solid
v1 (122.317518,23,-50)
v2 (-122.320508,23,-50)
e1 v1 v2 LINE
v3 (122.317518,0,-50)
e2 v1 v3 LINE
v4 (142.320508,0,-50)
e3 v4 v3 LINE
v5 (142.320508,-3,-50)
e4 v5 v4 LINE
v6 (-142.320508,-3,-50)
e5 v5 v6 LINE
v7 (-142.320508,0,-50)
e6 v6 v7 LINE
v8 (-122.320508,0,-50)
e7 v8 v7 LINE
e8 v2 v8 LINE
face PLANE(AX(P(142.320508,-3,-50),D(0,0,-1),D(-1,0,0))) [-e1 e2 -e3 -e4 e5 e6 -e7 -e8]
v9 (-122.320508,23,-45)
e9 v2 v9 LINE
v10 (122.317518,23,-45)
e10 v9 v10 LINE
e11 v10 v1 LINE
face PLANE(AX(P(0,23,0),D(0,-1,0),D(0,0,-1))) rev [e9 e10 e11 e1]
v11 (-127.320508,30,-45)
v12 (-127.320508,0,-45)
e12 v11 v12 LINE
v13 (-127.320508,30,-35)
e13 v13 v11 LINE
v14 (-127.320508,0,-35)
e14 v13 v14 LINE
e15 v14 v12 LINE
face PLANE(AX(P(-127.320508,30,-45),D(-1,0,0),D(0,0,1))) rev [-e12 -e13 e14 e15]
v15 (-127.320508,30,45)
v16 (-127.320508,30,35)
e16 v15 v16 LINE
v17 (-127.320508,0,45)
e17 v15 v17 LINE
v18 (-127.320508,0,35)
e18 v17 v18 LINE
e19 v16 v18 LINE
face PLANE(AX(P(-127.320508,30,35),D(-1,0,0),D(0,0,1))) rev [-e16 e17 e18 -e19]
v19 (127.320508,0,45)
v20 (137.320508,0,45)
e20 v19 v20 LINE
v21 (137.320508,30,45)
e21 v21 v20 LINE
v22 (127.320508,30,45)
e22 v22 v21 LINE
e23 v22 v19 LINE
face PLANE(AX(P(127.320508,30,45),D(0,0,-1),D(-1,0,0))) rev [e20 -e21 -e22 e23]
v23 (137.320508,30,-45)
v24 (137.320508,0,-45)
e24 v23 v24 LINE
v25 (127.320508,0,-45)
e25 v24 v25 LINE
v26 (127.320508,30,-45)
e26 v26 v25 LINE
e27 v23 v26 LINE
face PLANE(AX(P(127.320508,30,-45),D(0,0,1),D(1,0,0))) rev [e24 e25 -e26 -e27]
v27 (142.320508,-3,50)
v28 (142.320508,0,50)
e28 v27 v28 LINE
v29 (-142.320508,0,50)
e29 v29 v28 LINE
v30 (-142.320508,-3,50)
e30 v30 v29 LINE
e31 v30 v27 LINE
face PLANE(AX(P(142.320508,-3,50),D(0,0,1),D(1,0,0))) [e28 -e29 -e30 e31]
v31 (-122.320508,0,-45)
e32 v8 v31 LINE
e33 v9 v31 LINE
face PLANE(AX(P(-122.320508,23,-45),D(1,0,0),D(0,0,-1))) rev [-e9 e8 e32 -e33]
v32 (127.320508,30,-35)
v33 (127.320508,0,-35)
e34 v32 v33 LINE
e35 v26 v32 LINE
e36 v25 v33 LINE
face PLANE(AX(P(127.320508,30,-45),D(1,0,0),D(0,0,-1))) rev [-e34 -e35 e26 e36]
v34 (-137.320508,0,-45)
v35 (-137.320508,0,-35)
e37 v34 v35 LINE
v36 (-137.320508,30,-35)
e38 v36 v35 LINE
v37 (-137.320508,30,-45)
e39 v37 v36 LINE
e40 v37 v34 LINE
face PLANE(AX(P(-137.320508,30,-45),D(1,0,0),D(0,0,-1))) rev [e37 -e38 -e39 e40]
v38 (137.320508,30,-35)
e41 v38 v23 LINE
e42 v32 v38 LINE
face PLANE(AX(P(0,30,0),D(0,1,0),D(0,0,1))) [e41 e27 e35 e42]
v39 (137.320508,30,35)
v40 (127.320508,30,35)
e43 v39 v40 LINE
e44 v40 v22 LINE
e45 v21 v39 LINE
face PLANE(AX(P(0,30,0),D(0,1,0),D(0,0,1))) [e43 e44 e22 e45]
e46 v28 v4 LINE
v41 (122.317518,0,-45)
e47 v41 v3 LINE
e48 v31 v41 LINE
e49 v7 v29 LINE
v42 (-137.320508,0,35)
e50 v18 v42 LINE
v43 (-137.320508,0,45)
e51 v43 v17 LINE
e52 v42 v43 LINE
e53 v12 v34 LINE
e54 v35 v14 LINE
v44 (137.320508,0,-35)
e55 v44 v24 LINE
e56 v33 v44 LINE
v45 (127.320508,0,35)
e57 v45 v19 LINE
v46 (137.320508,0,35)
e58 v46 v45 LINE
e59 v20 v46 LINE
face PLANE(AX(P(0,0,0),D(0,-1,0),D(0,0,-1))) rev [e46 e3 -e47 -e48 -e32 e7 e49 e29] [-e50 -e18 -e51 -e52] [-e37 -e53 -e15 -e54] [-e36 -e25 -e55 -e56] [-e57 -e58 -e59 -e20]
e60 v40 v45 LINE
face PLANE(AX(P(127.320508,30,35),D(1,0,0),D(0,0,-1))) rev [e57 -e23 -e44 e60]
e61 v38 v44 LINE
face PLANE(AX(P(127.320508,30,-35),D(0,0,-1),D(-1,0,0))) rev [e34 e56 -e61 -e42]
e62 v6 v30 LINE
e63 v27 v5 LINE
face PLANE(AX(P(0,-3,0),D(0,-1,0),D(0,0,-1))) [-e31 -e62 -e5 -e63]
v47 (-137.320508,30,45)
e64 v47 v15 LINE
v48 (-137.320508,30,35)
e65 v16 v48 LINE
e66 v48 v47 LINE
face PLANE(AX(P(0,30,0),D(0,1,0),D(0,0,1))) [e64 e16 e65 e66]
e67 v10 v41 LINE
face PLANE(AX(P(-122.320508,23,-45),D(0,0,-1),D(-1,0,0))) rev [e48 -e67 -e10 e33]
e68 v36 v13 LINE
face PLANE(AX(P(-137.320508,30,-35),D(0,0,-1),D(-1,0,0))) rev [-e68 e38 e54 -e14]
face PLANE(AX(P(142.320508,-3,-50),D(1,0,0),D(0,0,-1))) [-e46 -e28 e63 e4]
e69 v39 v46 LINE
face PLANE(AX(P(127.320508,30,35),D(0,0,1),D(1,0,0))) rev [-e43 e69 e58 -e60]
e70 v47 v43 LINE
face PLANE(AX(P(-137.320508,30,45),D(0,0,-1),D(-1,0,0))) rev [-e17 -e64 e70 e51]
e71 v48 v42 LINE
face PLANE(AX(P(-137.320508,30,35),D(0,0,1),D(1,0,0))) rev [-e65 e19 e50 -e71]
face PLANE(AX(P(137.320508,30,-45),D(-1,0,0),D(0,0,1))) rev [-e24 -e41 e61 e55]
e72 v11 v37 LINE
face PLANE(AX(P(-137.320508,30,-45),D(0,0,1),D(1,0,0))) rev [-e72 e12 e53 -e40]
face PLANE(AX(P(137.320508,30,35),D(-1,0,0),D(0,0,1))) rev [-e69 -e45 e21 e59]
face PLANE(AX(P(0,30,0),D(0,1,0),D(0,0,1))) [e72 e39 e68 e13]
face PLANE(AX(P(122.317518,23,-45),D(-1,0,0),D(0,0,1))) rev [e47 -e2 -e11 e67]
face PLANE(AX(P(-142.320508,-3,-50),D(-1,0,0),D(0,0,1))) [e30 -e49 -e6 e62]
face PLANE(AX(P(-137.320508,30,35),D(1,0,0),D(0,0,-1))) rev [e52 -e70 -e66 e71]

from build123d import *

# Parameters (mm, degrees)
SKETCH_2_W        = 10
SKETCH_2_H        = 10
EXTRUDE_1_DEPTH   = 30
EXTRUDE_1_2_DEPTH = 30
EXTRUDE_1_3_DEPTH = 30
EXTRUDE_1_4_DEPTH = 30
SKETCH_3_W        = 284.641016152
SKETCH_3_H        = 100
EXTRUDE_2_DEPTH   = 3
SKETCH_4_W        = 244.638026471
SKETCH_4_H        = 5
EXTRUDE_3_DEPTH   = 23


with BuildPart() as part:
    # 草图2 → 凸台-拉伸1 (new body)
    with BuildSketch(Plane(origin=(0, 0, 0), x_dir=(1, 0, 0), z_dir=(0, 1, 0))):
        with Locations((-132.320508076, 40)):
            Rectangle(SKETCH_2_W, SKETCH_2_H)
    extrude(amount=EXTRUDE_1_DEPTH)



with BuildPart() as body_2:
    # 草图2 → Extrude 1 2 (new body)
    with BuildSketch(Plane(origin=(0, 0, 0), x_dir=(1, 0, 0), z_dir=(0, 1, 0))):
        with Locations((-132.320508076, -40)):
            Rectangle(SKETCH_2_W, SKETCH_2_H)
    extrude(amount=EXTRUDE_1_2_DEPTH)


with BuildPart() as body_3:
    # 草图2 → Extrude 1 3 (new body)
    with BuildSketch(Plane(origin=(0, 0, 0), x_dir=(1, 0, 0), z_dir=(0, 1, 0))):
        with Locations((132.320508076, -40)):
            Rectangle(SKETCH_2_W, SKETCH_2_H)
    extrude(amount=EXTRUDE_1_3_DEPTH)


with BuildPart() as body_4:
    # 草图2 → Extrude 1 4 (new body)
    with BuildSketch(Plane(origin=(0, 0, 0), x_dir=(1, 0, 0), z_dir=(0, 1, 0))):
        with Locations((132.320508076, 40)):
            Rectangle(SKETCH_2_W, SKETCH_2_H)
    extrude(amount=EXTRUDE_1_4_DEPTH)


with BuildPart() as part_1:
    add(part.part)

    add(body_2.part)  # 凸台-拉伸2 merges body 2

    add(body_3.part)  # 凸台-拉伸2 merges body 3

    add(body_4.part)  # 凸台-拉伸2 merges body 4
    # 草图3 → 凸台-拉伸2 (add)
    with BuildSketch(Plane(origin=(0, 0, 0), x_dir=(1, 0, 0), z_dir=(0, 1, 0))):
        Rectangle(SKETCH_3_W, SKETCH_3_H)
    extrude(amount=-EXTRUDE_2_DEPTH)

    # 草图4 → 凸台-拉伸3 (add)
    with BuildSketch(Plane(origin=(0, 0, 0), x_dir=(1, 0, 0), z_dir=(0, 1, 0))):
        with Locations((-0.001494841, 47.5)):
            Rectangle(SKETCH_4_W, SKETCH_4_H)
    extrude(amount=EXTRUDE_3_DEPTH)


solid = part_1.part
